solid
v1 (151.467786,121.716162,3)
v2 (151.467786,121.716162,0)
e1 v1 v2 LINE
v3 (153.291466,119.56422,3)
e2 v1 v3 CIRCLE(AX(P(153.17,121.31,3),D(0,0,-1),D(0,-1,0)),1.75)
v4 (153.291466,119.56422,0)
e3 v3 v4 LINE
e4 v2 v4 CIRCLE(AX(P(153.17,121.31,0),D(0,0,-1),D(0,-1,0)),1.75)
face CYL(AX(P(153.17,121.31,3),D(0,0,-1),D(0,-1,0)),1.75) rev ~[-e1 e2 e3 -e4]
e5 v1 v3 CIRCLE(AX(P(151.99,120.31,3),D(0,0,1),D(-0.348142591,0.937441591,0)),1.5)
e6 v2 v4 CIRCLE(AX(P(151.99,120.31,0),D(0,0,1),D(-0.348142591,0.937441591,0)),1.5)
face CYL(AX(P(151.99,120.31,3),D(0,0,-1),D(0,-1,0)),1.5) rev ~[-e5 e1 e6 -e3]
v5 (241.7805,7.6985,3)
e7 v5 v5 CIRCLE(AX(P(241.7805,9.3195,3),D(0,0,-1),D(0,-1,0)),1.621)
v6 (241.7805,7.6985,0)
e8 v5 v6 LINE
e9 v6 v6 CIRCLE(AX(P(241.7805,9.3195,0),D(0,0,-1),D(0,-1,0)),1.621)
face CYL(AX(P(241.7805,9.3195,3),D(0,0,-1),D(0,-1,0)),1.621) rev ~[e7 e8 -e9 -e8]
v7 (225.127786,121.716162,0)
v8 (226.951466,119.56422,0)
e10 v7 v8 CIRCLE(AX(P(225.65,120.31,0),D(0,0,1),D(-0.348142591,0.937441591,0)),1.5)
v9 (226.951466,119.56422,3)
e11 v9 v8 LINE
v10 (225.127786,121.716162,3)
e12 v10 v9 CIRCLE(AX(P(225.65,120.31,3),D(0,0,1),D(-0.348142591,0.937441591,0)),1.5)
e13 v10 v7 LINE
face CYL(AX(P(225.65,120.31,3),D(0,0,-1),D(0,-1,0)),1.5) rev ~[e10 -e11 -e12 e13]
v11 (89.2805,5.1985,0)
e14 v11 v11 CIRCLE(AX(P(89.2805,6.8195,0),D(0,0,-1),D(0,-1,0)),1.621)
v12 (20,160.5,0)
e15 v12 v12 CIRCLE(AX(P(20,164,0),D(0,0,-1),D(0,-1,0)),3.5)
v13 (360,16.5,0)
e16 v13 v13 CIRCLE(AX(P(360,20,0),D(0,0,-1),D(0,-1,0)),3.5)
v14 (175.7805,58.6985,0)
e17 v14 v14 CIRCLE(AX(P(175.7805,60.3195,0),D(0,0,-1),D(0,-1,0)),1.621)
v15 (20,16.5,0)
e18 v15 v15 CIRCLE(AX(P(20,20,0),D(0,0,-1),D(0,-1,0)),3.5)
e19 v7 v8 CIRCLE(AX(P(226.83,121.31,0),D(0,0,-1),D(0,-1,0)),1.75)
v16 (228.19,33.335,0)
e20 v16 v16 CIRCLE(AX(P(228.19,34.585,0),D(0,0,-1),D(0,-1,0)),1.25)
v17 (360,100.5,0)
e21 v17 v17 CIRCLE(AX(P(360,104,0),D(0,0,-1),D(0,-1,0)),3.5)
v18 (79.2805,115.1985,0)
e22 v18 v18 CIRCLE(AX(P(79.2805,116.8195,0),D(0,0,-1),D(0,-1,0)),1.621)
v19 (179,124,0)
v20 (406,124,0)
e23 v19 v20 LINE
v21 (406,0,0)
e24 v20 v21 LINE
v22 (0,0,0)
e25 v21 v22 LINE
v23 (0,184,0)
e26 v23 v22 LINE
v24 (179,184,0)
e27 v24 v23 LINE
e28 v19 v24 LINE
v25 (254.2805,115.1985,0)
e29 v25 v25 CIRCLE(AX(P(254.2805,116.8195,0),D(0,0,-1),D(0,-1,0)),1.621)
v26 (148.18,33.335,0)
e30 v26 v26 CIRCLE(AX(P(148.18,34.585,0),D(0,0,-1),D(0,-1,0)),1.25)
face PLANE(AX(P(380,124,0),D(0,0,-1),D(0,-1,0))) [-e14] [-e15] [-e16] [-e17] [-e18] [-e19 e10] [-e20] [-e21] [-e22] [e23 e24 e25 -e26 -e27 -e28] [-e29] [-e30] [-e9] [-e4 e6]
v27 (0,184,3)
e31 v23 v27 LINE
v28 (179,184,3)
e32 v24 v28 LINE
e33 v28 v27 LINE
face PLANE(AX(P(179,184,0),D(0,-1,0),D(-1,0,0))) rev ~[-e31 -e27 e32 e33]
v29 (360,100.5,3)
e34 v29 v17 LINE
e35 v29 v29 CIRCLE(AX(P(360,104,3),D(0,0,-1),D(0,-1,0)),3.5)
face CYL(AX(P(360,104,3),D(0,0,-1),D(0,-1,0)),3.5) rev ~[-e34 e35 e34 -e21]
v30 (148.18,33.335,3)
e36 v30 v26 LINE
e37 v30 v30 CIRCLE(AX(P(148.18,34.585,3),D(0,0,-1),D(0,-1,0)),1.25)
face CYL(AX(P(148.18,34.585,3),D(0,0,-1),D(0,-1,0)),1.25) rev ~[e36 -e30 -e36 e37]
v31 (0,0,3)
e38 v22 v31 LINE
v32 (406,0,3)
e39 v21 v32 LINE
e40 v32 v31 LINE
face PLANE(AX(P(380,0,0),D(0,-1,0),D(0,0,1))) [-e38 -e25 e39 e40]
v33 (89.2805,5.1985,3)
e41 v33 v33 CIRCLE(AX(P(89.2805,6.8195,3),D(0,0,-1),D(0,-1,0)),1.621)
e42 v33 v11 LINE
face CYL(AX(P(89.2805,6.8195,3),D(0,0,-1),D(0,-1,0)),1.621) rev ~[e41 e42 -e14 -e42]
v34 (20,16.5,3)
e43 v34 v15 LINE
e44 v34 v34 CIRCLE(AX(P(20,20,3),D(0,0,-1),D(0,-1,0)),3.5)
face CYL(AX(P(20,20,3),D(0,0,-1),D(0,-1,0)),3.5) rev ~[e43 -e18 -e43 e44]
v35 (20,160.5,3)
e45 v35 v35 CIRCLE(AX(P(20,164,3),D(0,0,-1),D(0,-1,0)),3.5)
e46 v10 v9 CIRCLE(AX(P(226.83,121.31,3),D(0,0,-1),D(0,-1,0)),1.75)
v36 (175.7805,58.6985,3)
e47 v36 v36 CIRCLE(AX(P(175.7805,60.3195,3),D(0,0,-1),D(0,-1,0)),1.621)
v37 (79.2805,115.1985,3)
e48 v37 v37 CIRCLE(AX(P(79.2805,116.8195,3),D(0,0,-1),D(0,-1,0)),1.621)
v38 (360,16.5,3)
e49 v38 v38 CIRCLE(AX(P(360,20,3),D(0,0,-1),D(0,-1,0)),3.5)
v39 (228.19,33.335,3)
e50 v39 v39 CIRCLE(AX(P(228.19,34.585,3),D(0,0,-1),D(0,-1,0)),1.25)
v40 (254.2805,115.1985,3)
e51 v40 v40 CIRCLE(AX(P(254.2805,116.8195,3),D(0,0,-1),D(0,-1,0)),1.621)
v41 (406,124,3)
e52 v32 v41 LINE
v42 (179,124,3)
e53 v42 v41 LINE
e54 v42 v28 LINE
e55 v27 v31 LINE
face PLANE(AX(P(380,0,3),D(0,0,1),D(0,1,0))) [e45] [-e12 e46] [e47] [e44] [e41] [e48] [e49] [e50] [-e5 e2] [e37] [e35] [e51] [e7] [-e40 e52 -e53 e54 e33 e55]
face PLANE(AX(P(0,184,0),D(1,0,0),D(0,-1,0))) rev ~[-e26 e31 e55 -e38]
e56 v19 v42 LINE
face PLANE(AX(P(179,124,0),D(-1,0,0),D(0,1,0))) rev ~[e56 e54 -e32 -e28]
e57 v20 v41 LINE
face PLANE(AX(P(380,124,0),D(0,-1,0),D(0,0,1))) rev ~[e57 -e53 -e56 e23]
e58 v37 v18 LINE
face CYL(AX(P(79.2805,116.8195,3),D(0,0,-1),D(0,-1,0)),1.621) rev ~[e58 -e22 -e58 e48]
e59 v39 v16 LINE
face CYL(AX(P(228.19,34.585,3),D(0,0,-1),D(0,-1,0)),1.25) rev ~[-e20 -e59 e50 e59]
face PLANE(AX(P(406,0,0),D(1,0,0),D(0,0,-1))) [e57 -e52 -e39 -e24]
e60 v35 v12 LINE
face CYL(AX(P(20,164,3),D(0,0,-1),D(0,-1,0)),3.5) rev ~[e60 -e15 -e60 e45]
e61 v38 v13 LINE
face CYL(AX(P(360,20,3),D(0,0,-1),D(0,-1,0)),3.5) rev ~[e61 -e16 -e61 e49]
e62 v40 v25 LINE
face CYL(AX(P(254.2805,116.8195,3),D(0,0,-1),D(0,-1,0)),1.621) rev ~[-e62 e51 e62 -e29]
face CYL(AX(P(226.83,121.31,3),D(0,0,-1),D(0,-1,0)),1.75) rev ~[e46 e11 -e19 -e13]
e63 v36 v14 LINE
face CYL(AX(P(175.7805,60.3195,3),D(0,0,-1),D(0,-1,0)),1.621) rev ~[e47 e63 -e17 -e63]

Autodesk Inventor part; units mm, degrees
ref_plane "YZ Plane" through (0, 0, 0) normal (1, 0, 0) x (0, 1, 0)
ref_plane "XZ Plane" through (0, 0, 0) normal (0, 1, 0) x (-1, 0, 0)
ref_plane "XY Plane" through (0, 0, 0) normal (0, 0, 1) x (1, 0, 0)
sketch "Sketch1" plane through (0, 0, 0) normal (0, 0, 1) x (1, 0, 0)
  line L0 (0, 0) -> (380, 0)
  line L1 (380, 0) -> (380, 124)
  line L2 (380, 124) -> (179, 124)
  line L3 (179, 124) -> (179, 184)
  line L4 (179, 184) -> (0, 184)
  line L5 (0, 184) -> (0, 0)
  dimension "d0" = 380
  dimension "d1" = 124
  dimension "d2" = 201
  dimension "d3" = 60
extrude "Extrusion1" add sketch "Sketch1" along normal blind 3
sketch "Sketch2" plane through (0, 0, 3) normal (0, 0, 1) x (1, 0, 0)
  line L0 (0, 184) -> (0, 0) projected
  line L1 (179, 184) -> (0, 184) projected
  line L2 (0, 0) -> (380, 0) projected
  line L3 (380, 0) -> (380, 124) projected
  line L4 (380, 124) -> (179, 124) projected
  point P0 (20, 20)
  point P1 (20, 164)
  point P2 (360, 104)
  point P3 (360, 20)
  dimension "d6" = 20
  dimension "d7" = 20
  dimension "d8" = 20
  dimension "d9" = 20
  dimension "d10" = 20
  dimension "d11" = 20
  dimension "d12" = 20
  dimension "d13" = 20
hole "Hole1" at (20, 20, 3) at (20, 164, 3) at (360, 104, 3) at (360, 20, 3) direction (0, 0, -1) diameter 7 end through all
sketch "Sketch3" plane through (0, 0, 3) normal (0, 0, 1) x (1, 0, 0)
  line L0 (0, 0) -> (380, 0) projected
  line L1 (0, 184) -> (0, 0) projected
  point P0 (153.17, 121.31)
  point P1 (226.83, 121.31)
  dimension "d21" = 73.66
  dimension "d22" = 121.31
  dimension "d23" = 121.31
  dimension "d24" = 153.17
hole "Hole2" at (153.17, 121.31, 3) at (226.83, 121.31, 3) direction (0, 0, -1) diameter 3.5 end through all
sketch "Sketch4" plane through (380, 0, 0) normal (1, 0, 0) x (0, 0, -1)
  line L0 (0, 124) -> (-3, 124) projected
  line L1 (0, 0) -> (-3, 0)
  line L2 (-3, 0) -> (-3, 124)
  line L3 (-3, 124) -> (0, 124)
  line L4 (0, 124) -> (0, 0)
extrude "Extrusion2" add sketch "Sketch4" along normal blind 26
sketch "Sketch5" plane through (0, 0, 3) normal (0, 0, 1) x (1, 0, 0)
  circle A0 centre (241.7805, 9.3195) radius 2.5 projected
  circle A1 centre (175.7805, 60.3195) radius 2.5 projected
  circle A2 centre (254.2805, 116.8195) radius 2.5 projected
  circle A3 centre (79.2805, 116.8195) radius 2.5 projected
  circle A4 centre (89.2805, 6.8195) radius 2.5 projected
  line L0 (179, 124) -> (406, 124) projected
  line L1 (179, 184) -> (0, 184) projected
  line L2 (0, 184) -> (0, 0) projected
  dimension "d65" = 7.1805
  dimension "d66" = 7.1805
  dimension "d67" = 67.1805
  dimension "d68" = 114.6805
  dimension "d69" = 63.6805
  dimension "d70" = 117.1805
  dimension "d71" = 177.1805
  dimension "d72" = 79.2805
  dimension "d73" = 89.2805
  dimension "d74" = 175.7805
  dimension "d75" = 241.7805
  dimension "d76" = 254.2805
hole "Hole3" at (241.7805, 9.3195, 3) at (254.2805, 116.8195, 3) at (175.7805, 60.3195, 3) at (89.2805, 6.8195, 3) at (79.2805, 116.8195, 3) direction (0, 0, -1) diameter 3.242 depth 5 tip angle 118 thread size "M4x0.7" class "6H" standard "ISO Metric profile"
sketch "Sketch6" plane through (0, 0, 3) normal (0, 0, 1) x (1, 0, 0)
  circle A0 centre (225.65, 120.31) radius 1.75 projected
  circle A1 centre (151.99, 120.31) radius 1.75 projected
  point P0 (0, 0)
hole "Hole4" at (225.65, 120.31, 3) at (151.99, 120.31, 3) direction (0, 0, -1) diameter 3 depth 5 tip angle 118
sketch "Sketch7" plane through (0, 0, 3) normal (0, 0, 1) x (1, 0, 0)
  circle A0 centre (151.99, 120.31) radius 1.75 projected
  circle A1 centre (225.65, 120.31) radius 1.75 projected
  line L0 (179, 124) -> (406, 124) projected
  line L1 (0, 184) -> (0, 0) projected
  point P0 (228.19, 34.585)
  point P1 (148.18, 34.585)
  dimension "d48" = 85.725
  dimension "d49" = 85.725
  dimension "d50" = 80.01
  dimension "d51" = 2.54
  dimension "d52" = 3.69
  dimension "d53" = 89.415
  dimension "d54" = 151.99
  dimension "d55" = 148.18
  dimension "d56" = 73.66
  dimension "d57" = 228.19
hole "Hole5" at (228.19, 34.585, 3) at (148.18, 34.585, 3) direction (0, 0, -1) diameter 2.5 depth 5 tip angle 118
properties part number "SupportsheetEPS" material "Aluminum 6061"
